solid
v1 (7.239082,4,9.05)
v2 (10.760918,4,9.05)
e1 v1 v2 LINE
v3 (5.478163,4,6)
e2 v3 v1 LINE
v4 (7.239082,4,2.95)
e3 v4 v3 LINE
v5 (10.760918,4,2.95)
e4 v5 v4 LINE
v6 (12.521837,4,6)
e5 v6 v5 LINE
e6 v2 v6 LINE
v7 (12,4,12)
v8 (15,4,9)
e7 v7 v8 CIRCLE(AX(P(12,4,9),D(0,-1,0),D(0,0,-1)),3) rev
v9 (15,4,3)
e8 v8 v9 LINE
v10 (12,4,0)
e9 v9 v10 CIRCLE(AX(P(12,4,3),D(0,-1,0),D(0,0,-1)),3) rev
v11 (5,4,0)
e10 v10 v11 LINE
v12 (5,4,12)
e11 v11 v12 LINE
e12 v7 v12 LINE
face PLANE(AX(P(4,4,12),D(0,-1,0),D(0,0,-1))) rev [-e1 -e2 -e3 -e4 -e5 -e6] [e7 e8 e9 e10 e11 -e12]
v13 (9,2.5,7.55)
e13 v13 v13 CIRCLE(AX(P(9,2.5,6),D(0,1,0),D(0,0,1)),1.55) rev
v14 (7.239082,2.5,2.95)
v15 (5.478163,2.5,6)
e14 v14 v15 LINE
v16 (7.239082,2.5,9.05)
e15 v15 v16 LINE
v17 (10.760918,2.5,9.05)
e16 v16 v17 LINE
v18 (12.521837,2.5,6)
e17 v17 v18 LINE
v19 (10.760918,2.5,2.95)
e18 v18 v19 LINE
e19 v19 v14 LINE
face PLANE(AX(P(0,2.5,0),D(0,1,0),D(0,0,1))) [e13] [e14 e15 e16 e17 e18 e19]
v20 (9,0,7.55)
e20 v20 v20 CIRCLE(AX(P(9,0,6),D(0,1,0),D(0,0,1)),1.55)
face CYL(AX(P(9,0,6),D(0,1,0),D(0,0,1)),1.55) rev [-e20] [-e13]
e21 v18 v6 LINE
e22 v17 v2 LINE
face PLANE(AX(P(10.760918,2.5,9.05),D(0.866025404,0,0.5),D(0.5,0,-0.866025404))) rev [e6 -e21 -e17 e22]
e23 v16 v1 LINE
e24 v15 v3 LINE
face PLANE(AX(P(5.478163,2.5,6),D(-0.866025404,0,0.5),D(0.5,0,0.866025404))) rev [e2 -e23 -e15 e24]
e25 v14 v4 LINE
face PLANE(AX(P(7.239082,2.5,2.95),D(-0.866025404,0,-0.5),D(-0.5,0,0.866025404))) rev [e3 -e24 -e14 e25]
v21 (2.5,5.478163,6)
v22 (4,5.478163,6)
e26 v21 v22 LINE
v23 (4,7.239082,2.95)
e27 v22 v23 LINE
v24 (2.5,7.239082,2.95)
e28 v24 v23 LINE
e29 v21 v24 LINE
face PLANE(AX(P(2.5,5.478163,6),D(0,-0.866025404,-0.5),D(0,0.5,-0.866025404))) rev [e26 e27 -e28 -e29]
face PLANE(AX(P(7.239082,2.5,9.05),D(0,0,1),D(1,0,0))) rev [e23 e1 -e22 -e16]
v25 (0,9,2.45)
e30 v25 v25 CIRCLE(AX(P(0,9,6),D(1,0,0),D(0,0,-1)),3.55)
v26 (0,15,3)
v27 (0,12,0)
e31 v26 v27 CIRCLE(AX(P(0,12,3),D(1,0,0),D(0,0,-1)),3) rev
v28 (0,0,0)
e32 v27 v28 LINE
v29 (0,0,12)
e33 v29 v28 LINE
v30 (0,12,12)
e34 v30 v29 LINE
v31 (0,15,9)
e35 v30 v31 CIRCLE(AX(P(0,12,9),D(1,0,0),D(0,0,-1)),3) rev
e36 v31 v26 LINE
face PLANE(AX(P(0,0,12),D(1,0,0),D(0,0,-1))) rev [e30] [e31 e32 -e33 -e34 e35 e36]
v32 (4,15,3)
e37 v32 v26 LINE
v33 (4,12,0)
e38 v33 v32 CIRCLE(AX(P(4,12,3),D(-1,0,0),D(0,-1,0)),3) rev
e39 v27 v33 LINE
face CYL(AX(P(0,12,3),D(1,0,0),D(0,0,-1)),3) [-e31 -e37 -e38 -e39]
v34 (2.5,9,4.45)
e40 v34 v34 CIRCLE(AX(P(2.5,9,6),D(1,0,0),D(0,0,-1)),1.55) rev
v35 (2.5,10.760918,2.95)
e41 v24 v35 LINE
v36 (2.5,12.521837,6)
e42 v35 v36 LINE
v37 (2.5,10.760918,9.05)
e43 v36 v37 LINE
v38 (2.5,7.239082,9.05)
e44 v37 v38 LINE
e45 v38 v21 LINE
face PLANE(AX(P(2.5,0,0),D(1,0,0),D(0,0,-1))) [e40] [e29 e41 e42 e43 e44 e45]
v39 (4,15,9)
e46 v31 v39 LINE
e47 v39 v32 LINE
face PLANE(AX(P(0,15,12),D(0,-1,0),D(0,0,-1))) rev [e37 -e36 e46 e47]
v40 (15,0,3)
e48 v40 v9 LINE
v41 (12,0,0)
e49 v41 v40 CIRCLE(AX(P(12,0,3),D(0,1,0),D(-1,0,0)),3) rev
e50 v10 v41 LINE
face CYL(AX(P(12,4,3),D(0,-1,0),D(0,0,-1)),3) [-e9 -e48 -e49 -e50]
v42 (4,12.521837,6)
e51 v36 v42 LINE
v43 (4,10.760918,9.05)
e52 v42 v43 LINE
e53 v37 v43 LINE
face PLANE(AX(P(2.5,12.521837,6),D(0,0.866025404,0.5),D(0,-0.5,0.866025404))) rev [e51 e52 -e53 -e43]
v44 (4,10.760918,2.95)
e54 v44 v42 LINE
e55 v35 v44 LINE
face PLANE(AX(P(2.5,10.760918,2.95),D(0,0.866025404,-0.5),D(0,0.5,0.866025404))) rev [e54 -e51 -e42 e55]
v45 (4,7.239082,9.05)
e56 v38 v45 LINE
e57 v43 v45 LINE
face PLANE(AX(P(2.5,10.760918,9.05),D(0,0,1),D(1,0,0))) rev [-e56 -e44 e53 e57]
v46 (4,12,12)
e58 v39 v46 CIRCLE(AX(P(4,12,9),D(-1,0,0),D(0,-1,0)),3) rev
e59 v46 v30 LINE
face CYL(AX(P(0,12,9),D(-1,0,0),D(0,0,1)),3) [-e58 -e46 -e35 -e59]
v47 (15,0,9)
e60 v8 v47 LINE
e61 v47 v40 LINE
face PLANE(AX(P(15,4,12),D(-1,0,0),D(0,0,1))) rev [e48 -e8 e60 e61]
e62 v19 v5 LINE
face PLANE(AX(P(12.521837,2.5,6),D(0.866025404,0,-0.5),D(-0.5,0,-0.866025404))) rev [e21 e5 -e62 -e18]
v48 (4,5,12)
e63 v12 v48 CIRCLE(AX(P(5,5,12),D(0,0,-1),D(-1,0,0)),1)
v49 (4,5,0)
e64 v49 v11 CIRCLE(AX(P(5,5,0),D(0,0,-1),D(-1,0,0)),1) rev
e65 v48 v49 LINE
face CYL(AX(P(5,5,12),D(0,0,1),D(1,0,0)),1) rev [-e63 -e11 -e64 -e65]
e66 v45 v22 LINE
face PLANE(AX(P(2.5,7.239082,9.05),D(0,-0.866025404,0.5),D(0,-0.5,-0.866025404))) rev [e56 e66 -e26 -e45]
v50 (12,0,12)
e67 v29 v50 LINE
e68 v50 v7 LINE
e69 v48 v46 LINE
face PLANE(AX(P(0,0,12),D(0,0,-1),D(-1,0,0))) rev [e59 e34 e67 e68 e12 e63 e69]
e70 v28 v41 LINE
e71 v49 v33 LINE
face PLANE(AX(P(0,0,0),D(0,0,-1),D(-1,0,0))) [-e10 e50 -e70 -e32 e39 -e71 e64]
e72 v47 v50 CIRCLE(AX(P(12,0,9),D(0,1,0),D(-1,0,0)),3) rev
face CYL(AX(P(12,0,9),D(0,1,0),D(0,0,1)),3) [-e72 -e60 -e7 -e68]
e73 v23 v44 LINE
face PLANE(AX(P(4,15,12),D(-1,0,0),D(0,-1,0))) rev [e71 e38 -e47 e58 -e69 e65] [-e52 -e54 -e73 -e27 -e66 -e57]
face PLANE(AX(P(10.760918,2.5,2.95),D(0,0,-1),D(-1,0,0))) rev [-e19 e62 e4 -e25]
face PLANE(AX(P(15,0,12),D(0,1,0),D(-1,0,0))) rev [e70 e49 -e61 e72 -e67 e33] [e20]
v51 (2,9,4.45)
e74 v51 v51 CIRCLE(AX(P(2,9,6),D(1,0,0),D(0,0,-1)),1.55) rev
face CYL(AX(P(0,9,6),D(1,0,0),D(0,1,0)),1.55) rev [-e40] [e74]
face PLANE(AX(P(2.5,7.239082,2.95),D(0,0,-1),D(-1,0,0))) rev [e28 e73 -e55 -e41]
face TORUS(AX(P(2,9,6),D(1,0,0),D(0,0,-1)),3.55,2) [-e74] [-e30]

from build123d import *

# Parameters (mm, degrees)
BOSS_EXTRUDE1_DEPTH = 12
SKETCH2_R           = 1.55
CUT_EXTRUDE1_DEPTH  = 23.135943621
CUT_EXTRUDE2_DEPTH  = 1.5
SKETCH4_R           = 1.55
CUT_EXTRUDE3_DEPTH  = 23.135943621
CUT_EXTRUDE4_DEPTH  = 1.5
FILLET1_R           = 2
FILLET2_R           = 1
FILLET3_R           = 3


with BuildPart() as part:
    # Sketch1 → Boss-Extrude1 (new body)
    with BuildSketch(Plane.XY):
        Polygon((0, 0), (0, 15), (4, 15), (4, 4), (15, 4), (15, 0), align=None)
    extrude(amount=BOSS_EXTRUDE1_DEPTH)

    # Sketch2 → Cut-Extrude1 (cut, through all)
    with BuildSketch(Plane(origin=(0, 4, 0), x_dir=(1, 0, 0), z_dir=(0, 1, 0))):
        with Locations(Location((9, -6, 0), (0, 0, 270))):
            Circle(SKETCH2_R)
    extrude(amount=-CUT_EXTRUDE1_DEPTH, mode=Mode.SUBTRACT)

    # Sketch3 → Cut-Extrude2 (cut)
    with BuildSketch(Plane(origin=(0, 4, 0), x_dir=(1, 0, 0), z_dir=(0, 1, 0))):
        Polygon((5.478163358, -6), (7.239081679, -9.05), (10.760918321, -9.05), (12.521836642, -6), (10.760918321, -2.95), (7.239081679, -2.95), align=None)
    extrude(amount=-CUT_EXTRUDE2_DEPTH, mode=Mode.SUBTRACT)

    # Sketch4 → Cut-Extrude3 (cut, through all)
    with BuildSketch(Plane(origin=(4, 0, 0), x_dir=(0, 0, -1), z_dir=(1, 0, 0))):
        with Locations(Location((-6, 9, 0), (0, 0, 90))):
            Circle(SKETCH4_R)
    extrude(amount=-CUT_EXTRUDE3_DEPTH, mode=Mode.SUBTRACT)

    # Sketch5 → Cut-Extrude4 (cut)
    with BuildSketch(Plane(origin=(4, 0, 0), x_dir=(0, 0, -1), z_dir=(1, 0, 0))):
        Polygon((-6, 5.478163358), (-2.95, 7.239081679), (-2.95, 10.760918321), (-6, 12.521836642), (-9.05, 10.760918321), (-9.05, 7.239081679), align=None)
    extrude(amount=-CUT_EXTRUDE4_DEPTH, mode=Mode.SUBTRACT)

    # Fillet1
    fillet1_edges = [part.edges().sort_by_distance(p)[0] for p in [
        (0, 7.45, 6),
    ]]
    fillet(fillet1_edges, radius=FILLET1_R)

    # Fillet2
    fillet2_edges = [part.edges().sort_by_distance(p)[0] for p in [
        (4, 4, 6),
    ]]
    fillet(fillet2_edges, radius=FILLET2_R)

    # Fillet3
    fillet3_edges = [part.edges().sort_by_distance(p)[0] for p in [
        (2, 15, 12),
        (2, 15, 0),
        (15, 2, 12),
        (15, 2, 0),
    ]]
    fillet(fillet3_edges, radius=FILLET3_R)


solid = part.part
